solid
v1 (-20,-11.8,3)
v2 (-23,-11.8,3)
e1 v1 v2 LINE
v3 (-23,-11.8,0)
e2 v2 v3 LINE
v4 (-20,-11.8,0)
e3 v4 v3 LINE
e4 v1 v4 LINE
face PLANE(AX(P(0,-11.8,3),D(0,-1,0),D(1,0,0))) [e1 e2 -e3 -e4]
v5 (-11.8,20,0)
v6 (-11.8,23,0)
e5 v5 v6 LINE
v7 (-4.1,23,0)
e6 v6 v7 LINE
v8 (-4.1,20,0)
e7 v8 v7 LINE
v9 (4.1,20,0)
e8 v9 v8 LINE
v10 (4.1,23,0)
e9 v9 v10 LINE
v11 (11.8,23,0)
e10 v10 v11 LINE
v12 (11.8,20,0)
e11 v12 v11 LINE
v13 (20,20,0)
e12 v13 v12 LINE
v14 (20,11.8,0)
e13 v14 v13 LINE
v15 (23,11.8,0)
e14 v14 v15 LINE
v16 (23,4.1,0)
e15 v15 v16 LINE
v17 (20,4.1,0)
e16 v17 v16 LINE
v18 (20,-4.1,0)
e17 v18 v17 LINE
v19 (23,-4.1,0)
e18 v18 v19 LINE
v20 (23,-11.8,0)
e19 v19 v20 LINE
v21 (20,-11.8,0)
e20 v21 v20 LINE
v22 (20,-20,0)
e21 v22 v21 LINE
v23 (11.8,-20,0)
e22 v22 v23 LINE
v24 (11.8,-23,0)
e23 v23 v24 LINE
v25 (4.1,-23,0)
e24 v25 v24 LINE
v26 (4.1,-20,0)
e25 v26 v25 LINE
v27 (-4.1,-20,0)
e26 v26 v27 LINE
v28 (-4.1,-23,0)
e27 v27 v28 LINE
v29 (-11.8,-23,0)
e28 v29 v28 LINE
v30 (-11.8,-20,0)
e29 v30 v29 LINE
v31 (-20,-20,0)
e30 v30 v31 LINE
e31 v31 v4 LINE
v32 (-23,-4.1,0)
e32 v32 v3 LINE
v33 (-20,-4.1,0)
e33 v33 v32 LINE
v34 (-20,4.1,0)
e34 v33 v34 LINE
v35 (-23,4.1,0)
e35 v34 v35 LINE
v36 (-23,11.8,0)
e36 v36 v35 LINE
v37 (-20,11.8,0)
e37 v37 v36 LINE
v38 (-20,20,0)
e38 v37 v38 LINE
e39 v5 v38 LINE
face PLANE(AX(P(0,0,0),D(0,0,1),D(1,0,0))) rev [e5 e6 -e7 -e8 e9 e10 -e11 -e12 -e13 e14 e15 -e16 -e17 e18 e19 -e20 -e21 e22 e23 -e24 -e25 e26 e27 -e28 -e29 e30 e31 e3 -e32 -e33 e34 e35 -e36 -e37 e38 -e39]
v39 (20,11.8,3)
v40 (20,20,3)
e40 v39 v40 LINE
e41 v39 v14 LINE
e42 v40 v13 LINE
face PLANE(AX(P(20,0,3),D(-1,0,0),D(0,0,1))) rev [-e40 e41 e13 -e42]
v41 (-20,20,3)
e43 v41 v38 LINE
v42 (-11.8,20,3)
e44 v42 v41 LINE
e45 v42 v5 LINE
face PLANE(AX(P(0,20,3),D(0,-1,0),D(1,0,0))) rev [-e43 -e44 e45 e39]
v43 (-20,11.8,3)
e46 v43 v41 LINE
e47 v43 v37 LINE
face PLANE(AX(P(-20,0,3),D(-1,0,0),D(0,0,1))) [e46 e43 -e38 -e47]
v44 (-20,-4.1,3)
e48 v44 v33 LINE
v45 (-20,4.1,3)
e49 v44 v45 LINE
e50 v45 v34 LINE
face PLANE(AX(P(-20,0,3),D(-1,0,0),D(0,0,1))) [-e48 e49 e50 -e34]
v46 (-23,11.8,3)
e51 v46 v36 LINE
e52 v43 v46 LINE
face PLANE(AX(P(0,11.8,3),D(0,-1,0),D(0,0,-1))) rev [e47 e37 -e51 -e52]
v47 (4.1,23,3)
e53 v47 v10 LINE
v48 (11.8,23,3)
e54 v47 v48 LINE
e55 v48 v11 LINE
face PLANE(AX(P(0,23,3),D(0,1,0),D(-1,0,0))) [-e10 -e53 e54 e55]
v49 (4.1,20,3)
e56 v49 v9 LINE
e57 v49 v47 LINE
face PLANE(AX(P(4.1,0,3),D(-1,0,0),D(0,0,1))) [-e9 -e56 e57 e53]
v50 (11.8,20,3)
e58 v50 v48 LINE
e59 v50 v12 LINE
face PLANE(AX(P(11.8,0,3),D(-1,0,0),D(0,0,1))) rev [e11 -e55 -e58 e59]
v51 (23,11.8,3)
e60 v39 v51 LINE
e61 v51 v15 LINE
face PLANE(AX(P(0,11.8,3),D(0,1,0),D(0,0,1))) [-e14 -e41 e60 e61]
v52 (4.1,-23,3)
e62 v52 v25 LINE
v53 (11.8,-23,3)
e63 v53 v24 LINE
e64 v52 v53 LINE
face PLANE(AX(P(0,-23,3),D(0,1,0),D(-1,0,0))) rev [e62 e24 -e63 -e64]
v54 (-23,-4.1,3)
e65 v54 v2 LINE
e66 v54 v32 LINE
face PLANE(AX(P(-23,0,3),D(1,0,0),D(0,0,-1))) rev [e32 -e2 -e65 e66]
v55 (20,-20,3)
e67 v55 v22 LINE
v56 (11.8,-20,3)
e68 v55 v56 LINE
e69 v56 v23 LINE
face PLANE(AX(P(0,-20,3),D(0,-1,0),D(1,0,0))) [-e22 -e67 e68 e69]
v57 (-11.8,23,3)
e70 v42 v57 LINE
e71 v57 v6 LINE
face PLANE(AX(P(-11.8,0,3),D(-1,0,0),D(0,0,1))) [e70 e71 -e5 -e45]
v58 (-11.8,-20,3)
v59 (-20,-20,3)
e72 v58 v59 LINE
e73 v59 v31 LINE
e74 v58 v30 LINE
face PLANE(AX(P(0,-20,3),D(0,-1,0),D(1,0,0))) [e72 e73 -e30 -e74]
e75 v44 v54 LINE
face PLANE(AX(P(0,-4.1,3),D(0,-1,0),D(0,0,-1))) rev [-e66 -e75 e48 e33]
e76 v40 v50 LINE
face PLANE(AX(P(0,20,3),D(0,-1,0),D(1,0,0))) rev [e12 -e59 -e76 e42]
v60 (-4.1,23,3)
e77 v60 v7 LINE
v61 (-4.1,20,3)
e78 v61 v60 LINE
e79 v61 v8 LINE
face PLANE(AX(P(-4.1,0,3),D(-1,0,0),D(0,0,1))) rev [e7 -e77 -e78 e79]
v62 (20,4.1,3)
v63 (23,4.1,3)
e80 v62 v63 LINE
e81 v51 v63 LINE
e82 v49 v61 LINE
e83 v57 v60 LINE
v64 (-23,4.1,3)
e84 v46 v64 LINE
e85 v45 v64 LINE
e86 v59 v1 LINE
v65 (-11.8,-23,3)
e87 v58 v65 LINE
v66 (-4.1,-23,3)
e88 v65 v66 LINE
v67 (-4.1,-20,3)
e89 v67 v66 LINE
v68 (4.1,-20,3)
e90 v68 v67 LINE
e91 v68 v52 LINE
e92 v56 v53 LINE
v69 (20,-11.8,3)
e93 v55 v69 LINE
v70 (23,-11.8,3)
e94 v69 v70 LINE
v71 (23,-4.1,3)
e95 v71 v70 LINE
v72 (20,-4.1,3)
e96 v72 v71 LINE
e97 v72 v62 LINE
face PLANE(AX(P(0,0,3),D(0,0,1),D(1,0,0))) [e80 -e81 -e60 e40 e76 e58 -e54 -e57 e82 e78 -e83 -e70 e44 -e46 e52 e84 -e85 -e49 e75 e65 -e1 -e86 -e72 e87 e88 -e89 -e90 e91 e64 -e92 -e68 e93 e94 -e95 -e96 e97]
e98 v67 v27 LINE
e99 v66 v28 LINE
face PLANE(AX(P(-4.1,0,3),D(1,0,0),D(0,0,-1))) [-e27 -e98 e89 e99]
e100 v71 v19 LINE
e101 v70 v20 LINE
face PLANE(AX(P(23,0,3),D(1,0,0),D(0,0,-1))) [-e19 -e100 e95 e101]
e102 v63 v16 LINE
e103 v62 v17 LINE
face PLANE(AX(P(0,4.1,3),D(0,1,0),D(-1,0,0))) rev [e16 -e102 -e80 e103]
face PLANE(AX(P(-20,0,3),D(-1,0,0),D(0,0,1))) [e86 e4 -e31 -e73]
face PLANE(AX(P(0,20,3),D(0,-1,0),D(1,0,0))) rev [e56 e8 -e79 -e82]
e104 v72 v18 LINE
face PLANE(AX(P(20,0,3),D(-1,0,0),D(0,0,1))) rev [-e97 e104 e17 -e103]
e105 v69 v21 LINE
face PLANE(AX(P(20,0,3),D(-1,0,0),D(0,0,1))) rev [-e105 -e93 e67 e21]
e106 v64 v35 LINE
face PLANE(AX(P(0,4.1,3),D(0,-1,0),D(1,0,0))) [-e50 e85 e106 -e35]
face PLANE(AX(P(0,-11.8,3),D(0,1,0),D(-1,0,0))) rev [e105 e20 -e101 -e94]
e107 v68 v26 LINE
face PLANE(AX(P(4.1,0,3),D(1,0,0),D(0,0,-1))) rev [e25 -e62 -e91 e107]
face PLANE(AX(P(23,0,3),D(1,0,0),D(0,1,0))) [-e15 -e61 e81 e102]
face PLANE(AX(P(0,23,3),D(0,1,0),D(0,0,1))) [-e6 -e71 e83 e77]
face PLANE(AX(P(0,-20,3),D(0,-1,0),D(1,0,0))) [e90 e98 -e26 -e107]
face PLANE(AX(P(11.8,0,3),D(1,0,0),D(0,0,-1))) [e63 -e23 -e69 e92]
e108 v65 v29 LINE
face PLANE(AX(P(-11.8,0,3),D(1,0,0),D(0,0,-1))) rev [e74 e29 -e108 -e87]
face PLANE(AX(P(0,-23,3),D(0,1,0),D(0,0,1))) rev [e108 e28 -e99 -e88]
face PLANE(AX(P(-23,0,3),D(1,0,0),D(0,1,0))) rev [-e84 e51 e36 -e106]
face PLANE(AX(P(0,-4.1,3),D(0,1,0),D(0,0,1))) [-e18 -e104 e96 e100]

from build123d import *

# Parameters (mm, degrees)
CROQUIS1_W              = 3
CROQUIS1_H              = 7.7
CROQUIS1_W_2            = 7.7
CROQUIS1_H_2            = 3
CROQUIS1_W_3            = 40
CROQUIS1_H_3            = 40
SALIENTE_EXTRUIR1_DEPTH = 3


with BuildPart() as part:
    # Croquis1 → Saliente-Extruir1 (new body)
    with BuildSketch(Plane.XY):
        with Locations((-21.5, -7.95)):
            Rectangle(CROQUIS1_W, CROQUIS1_H)
        with Locations((-7.95, -21.5)):
            Rectangle(CROQUIS1_W_2, CROQUIS1_H_2)
        with Locations((7.95, -21.5)):
            Rectangle(CROQUIS1_W_2, CROQUIS1_H_2)
        with Locations((21.5, -7.95)):
            Rectangle(CROQUIS1_W, CROQUIS1_H)
        with Locations((21.5, 7.95)):
            Rectangle(CROQUIS1_W, CROQUIS1_H)
        with Locations((-21.5, 7.95)):
            Rectangle(CROQUIS1_W, CROQUIS1_H)
        with Locations((-7.95, 21.5)):
            Rectangle(CROQUIS1_W_2, CROQUIS1_H_2)
        with Locations((7.95, 21.5)):
            Rectangle(CROQUIS1_W_2, CROQUIS1_H_2)
        Rectangle(CROQUIS1_W_3, CROQUIS1_H_3)
    extrude(amount=SALIENTE_EXTRUIR1_DEPTH)


solid = part.part
